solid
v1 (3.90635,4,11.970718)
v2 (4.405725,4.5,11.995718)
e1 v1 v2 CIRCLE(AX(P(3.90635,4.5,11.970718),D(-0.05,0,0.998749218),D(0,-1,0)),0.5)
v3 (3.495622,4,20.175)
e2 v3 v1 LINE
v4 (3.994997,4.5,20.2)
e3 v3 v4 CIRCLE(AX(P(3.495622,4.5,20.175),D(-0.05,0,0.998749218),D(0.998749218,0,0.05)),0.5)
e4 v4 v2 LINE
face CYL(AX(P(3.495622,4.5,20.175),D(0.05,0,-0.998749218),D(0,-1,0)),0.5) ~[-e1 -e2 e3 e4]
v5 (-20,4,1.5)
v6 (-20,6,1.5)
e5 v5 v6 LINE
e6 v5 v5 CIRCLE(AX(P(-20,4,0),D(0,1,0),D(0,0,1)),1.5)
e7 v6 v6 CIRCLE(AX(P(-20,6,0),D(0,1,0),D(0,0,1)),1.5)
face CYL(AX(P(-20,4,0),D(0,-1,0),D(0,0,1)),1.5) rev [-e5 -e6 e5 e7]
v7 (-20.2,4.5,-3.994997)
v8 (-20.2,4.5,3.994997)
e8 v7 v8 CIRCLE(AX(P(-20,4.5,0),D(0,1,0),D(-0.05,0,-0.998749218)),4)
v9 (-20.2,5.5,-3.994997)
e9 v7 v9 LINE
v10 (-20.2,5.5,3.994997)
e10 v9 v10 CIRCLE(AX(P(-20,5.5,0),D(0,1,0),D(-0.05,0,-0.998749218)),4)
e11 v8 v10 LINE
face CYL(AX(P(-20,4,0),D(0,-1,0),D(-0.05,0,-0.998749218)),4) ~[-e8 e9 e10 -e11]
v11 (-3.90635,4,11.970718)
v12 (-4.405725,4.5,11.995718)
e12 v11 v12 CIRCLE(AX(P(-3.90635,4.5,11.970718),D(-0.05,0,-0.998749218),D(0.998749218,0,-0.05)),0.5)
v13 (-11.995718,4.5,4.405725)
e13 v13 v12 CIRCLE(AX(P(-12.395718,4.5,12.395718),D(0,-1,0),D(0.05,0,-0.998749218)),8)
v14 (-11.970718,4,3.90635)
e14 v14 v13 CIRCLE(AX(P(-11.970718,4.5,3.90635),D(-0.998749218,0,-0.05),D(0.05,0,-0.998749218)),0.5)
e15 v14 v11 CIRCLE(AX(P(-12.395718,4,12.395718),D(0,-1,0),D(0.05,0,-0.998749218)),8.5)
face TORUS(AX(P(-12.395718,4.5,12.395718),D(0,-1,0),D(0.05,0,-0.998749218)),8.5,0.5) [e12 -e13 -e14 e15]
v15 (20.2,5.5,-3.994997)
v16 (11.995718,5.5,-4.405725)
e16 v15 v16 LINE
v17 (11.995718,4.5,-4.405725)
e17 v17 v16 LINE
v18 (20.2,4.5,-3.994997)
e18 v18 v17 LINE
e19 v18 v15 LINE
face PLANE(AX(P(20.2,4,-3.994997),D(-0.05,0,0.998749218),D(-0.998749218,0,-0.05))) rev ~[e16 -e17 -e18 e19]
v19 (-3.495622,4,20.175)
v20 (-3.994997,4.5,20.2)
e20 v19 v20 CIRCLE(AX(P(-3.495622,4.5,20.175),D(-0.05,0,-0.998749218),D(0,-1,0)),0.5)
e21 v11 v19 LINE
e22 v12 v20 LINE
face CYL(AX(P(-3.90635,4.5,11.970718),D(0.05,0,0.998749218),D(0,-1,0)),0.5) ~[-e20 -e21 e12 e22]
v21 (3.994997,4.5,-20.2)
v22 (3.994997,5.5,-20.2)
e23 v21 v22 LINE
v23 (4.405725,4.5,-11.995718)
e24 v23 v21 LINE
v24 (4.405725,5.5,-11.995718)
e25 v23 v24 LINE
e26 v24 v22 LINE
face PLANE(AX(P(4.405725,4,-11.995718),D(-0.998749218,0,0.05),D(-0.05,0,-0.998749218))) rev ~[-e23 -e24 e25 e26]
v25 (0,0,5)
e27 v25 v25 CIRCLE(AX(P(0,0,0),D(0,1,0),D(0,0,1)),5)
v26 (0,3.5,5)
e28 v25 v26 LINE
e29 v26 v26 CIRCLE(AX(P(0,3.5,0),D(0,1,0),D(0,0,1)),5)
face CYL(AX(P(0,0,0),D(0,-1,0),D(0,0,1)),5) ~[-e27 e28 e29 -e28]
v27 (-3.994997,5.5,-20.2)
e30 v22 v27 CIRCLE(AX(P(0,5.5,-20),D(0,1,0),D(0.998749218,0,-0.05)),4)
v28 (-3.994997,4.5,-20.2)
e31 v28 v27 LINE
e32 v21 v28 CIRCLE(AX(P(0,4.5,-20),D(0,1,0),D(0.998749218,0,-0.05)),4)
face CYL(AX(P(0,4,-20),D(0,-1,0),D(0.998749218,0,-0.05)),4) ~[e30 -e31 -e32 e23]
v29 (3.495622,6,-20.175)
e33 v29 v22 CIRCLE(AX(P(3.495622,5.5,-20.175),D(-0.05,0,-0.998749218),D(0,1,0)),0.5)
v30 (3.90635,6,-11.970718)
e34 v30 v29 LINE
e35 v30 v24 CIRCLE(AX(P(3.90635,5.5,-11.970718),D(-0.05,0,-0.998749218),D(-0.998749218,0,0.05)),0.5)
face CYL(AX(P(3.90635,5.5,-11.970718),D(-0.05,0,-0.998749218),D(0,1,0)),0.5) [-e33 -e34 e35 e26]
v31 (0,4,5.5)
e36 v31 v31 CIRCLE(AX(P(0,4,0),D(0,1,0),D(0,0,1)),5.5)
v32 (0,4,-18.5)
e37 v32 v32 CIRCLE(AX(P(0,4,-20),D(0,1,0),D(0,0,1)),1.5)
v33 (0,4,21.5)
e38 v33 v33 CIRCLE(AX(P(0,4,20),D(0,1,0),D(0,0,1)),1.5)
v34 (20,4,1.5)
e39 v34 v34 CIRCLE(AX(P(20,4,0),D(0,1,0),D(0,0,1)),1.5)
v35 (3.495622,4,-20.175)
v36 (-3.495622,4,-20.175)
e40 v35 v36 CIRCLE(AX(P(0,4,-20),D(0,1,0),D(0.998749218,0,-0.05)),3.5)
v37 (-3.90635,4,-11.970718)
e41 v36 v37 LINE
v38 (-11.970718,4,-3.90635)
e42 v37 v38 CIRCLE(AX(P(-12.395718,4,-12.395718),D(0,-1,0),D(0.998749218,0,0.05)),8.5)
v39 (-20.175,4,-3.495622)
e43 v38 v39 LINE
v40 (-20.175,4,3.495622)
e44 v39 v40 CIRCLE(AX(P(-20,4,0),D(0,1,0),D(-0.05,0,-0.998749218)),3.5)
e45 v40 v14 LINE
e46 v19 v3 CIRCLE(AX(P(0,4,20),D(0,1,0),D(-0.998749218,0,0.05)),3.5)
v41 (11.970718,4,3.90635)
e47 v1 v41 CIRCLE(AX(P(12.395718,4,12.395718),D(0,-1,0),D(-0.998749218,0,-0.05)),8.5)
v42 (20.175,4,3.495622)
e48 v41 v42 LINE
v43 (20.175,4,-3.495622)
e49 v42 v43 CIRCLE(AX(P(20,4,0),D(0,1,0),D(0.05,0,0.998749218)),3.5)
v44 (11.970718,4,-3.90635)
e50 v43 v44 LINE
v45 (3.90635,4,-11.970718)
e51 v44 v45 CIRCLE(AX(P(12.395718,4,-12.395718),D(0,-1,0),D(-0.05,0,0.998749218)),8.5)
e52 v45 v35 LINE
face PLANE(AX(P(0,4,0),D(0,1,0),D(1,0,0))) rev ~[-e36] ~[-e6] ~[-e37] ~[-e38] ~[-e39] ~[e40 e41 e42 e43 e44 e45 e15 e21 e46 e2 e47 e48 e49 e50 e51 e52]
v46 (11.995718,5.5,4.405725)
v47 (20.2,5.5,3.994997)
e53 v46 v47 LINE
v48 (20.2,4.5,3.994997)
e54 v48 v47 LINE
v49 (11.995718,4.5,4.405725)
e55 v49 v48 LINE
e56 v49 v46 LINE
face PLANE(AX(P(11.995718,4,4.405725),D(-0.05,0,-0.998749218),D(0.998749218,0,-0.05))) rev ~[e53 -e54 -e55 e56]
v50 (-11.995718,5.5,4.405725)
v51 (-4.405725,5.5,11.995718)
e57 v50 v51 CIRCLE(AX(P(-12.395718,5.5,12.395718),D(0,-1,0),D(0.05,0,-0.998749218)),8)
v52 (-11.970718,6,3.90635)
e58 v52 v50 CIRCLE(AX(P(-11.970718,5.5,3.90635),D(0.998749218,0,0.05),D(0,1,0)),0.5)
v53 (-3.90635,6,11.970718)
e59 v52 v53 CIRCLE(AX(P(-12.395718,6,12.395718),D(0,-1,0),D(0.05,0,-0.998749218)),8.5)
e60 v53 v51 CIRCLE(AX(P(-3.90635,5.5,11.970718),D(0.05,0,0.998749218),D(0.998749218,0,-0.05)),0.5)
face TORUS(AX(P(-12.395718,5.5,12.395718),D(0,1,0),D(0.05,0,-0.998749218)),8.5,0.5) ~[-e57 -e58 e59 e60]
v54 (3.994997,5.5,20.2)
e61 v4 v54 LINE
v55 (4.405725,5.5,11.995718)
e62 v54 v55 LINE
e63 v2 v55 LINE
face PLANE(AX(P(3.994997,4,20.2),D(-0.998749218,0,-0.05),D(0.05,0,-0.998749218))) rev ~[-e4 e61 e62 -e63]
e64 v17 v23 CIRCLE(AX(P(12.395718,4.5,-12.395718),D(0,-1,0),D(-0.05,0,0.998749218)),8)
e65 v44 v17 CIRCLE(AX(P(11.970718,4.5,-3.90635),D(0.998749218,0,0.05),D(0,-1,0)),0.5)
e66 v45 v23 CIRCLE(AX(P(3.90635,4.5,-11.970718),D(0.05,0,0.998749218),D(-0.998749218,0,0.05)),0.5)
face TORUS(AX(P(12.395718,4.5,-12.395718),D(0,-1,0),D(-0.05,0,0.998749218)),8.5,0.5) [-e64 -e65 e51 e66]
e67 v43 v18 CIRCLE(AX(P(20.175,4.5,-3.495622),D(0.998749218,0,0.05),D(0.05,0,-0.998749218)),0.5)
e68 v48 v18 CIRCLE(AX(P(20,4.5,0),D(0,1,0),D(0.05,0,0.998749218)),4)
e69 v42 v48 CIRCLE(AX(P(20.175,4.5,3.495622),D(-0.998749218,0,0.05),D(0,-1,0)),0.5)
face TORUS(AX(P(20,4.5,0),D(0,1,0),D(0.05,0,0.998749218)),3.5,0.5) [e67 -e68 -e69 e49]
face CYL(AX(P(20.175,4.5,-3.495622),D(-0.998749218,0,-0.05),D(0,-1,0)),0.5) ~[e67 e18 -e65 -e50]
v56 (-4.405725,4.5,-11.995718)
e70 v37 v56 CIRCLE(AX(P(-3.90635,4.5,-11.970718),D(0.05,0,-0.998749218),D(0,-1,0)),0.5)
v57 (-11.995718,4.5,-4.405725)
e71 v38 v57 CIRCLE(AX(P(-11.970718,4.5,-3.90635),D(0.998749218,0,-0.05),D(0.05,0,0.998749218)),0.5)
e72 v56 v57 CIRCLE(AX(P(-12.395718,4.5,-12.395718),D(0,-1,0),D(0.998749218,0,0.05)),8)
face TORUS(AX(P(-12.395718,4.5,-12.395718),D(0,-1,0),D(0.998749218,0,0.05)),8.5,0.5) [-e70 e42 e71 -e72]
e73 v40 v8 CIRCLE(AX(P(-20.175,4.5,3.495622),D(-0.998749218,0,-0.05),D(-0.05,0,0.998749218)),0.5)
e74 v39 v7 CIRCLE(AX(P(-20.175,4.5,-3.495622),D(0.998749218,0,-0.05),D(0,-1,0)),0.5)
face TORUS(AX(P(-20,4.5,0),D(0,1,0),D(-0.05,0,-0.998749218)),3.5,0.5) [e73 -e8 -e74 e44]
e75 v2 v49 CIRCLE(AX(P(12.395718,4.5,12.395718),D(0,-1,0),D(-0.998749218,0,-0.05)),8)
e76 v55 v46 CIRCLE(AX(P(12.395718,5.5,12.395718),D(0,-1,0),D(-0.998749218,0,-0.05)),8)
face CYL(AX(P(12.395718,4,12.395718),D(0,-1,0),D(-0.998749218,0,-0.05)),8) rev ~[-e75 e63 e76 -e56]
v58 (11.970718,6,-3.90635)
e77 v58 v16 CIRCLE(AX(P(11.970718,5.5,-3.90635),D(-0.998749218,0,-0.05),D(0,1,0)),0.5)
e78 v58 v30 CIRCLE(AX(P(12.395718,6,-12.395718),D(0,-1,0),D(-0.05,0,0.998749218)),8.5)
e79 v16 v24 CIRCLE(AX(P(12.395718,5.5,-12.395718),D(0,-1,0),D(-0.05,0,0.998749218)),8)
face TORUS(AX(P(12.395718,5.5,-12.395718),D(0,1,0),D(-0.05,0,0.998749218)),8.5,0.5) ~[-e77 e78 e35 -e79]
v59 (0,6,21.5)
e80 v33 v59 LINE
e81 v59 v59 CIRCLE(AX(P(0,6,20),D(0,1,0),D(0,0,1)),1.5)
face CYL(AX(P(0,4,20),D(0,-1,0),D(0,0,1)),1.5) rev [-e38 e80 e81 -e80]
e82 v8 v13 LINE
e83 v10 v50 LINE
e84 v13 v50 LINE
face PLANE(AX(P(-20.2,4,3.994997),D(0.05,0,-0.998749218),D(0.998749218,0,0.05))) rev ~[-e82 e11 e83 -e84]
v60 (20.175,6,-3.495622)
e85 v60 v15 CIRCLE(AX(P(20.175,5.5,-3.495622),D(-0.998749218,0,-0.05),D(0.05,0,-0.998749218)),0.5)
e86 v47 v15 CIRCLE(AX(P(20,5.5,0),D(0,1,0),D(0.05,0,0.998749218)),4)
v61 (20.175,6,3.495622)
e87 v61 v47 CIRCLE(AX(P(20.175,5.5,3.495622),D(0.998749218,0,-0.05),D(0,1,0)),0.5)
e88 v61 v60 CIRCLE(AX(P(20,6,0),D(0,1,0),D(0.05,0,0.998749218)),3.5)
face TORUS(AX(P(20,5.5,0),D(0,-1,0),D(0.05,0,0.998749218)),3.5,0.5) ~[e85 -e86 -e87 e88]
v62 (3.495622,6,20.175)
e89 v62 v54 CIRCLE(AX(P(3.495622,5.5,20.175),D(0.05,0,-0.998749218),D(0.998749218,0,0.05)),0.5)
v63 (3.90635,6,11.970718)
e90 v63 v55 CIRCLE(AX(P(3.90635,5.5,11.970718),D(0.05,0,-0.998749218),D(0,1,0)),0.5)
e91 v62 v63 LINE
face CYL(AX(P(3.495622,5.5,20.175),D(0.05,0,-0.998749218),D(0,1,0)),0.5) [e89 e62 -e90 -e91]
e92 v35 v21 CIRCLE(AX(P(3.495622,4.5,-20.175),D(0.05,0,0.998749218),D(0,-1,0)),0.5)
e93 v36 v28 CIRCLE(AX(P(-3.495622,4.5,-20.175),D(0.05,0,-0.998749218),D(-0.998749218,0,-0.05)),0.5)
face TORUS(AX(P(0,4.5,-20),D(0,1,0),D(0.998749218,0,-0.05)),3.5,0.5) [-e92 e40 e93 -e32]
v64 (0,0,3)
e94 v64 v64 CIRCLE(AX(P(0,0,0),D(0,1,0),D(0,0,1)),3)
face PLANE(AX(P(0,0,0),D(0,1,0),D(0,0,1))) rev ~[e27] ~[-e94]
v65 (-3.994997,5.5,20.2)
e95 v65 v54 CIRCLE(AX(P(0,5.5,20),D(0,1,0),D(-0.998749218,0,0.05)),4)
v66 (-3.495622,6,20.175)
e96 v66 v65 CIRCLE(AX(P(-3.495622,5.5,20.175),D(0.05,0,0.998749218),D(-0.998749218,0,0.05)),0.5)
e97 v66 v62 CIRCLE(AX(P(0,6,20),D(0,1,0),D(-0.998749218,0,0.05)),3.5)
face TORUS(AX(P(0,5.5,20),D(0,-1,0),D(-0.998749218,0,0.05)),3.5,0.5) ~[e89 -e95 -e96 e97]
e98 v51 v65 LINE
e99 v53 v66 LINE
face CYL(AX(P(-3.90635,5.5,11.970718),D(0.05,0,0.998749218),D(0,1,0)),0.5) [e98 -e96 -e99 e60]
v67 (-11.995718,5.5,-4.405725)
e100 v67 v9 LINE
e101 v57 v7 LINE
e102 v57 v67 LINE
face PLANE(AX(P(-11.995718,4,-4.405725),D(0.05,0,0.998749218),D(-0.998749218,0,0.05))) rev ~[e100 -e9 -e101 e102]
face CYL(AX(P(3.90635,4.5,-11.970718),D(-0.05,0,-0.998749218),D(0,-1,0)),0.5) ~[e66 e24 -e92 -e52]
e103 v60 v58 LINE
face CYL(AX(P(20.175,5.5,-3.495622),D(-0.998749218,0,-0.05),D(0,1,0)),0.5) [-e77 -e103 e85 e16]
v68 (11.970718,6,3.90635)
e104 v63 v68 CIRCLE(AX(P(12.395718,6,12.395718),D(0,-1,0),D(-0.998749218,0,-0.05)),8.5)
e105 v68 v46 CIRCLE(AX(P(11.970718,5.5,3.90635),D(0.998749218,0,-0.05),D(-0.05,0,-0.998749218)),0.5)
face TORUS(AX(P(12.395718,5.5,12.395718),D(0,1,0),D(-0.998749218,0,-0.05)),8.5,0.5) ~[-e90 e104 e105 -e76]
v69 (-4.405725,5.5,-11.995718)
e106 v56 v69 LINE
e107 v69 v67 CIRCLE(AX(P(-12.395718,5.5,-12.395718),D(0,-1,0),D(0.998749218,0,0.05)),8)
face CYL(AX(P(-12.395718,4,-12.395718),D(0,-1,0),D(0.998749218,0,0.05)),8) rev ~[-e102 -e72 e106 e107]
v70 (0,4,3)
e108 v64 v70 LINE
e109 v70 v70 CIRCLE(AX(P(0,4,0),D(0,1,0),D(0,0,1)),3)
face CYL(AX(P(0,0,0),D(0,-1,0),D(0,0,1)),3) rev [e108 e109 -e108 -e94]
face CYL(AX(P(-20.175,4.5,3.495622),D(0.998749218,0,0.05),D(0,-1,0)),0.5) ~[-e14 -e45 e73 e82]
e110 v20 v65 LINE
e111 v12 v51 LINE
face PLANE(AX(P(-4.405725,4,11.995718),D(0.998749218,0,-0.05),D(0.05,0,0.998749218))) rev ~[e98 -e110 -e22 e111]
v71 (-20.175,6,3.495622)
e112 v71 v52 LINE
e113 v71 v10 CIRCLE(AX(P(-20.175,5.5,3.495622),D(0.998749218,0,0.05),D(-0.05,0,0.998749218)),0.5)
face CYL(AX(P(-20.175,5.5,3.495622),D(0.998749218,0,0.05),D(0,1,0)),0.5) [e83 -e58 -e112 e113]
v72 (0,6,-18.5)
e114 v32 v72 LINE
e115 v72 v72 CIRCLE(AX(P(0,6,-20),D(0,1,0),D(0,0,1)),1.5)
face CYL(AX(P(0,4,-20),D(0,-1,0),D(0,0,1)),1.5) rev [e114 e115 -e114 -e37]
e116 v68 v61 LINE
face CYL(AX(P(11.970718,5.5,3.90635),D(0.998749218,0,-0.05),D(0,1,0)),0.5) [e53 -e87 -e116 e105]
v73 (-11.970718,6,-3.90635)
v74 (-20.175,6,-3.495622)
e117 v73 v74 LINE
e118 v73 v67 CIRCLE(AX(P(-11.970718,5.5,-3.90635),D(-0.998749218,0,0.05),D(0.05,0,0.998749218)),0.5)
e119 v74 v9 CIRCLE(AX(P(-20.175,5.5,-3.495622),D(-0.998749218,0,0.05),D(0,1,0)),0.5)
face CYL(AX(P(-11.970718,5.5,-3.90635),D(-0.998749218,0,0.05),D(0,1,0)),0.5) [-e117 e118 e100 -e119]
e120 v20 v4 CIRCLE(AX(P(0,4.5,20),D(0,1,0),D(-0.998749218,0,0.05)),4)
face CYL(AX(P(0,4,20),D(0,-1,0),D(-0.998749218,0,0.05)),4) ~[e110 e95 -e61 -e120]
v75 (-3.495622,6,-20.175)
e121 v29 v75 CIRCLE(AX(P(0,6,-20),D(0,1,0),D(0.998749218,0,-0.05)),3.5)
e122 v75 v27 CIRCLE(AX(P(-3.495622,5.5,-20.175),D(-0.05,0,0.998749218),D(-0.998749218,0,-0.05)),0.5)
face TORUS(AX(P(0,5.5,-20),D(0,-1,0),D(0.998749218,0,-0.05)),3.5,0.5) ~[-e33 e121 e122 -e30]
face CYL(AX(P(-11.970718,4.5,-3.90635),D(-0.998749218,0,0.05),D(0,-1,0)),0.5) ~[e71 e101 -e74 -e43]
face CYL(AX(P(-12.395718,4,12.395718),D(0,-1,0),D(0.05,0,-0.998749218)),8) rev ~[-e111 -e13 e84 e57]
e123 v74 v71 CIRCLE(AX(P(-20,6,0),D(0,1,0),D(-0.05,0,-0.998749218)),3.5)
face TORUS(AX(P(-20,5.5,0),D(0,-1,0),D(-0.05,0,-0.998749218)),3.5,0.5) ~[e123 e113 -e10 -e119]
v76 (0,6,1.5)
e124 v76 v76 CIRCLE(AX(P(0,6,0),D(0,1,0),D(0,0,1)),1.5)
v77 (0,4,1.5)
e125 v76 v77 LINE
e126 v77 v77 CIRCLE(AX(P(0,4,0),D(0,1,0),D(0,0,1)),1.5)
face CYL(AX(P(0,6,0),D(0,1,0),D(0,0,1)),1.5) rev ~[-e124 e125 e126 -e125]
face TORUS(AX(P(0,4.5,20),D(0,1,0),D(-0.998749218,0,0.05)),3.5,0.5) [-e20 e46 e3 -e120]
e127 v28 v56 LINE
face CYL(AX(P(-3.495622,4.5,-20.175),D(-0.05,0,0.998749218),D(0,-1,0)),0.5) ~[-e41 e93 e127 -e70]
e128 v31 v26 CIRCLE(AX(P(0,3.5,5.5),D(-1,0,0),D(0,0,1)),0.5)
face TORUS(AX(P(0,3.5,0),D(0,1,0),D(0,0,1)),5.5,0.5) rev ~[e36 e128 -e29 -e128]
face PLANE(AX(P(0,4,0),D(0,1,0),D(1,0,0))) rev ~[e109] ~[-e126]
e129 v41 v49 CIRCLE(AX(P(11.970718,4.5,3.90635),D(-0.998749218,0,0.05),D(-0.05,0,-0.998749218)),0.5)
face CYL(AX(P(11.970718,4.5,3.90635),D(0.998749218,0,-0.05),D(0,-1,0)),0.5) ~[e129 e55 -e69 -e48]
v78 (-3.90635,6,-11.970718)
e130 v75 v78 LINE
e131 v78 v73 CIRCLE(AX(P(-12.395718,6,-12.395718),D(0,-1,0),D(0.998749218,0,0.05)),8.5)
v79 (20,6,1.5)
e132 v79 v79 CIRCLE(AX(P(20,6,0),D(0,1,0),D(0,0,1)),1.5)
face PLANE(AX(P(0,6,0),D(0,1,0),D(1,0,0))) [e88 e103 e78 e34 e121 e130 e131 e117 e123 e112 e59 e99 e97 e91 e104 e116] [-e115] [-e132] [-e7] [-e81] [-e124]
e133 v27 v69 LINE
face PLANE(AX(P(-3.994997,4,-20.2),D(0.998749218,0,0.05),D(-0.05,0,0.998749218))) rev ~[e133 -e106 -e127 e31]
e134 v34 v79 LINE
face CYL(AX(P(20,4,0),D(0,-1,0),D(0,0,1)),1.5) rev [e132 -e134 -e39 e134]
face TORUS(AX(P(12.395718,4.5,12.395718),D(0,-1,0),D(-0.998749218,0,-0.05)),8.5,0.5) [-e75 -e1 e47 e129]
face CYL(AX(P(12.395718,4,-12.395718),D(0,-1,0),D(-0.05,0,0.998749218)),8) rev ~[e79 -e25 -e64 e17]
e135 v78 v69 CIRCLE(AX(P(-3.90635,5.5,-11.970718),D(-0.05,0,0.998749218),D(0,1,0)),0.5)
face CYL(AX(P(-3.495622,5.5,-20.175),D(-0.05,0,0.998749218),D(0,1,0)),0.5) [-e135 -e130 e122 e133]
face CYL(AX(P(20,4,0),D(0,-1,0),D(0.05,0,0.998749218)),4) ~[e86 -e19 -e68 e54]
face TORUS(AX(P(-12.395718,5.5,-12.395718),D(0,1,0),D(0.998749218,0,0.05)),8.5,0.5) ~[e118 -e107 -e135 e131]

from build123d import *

# Parameters (mm, degrees)
SKETCH1_R           = 5
SKETCH1_R_2         = 3
BOSS_EXTRUDE1_DEPTH = 4
SKETCH5_R           = 1.5
BOSS_EXTRUDE3_DEPTH = 2
SKETCH6_R           = 1.5
CUT_EXTRUDE1_DEPTH  = 35.467375879
FILLET1_R           = 0.5
FILLET2_R           = 0.5


with BuildPart() as part:
    # Sketch1 → Boss-Extrude1 (new body)
    with BuildSketch(Plane(origin=(0, 0, 0), x_dir=(1, 0, 0), z_dir=(0, 1, 0))):
        with Locations(Location((0, 0, 0), (0, 0, 270))):
            Circle(SKETCH1_R)
        with Locations(Location((0, 0, 0), (0, 0, 270))):
            Circle(SKETCH1_R_2, mode=Mode.SUBTRACT)
    extrude(amount=BOSS_EXTRUDE1_DEPTH)

    # Sketch5 → Boss-Extrude3 (add)
    with BuildSketch(Plane(origin=(0, 4, 0), x_dir=(1, 0, 0), z_dir=(0, 1, 0))):
        with BuildLine():
            Line((-3.994996871, 20.2), (-4.405724681, 11.995718423))
            ThreePointArc((-4.405724681, 11.995718423), (-6.738864174, 6.738864174), (-11.995718423, 4.405724681))
            Line((-11.995718423, 4.405724681), (-20.2, 3.994996871))
            ThreePointArc((-20.2, 3.994996871), (-24, 0), (-20.2, -3.994996871))
            Line((-20.2, -3.994996871), (-11.995718423, -4.405724681))
            ThreePointArc((-11.995718423, -4.405724681), (-6.738864174, -6.738864174), (-4.405724681, -11.995718423))
            Line((-4.405724681, -11.995718423), (-3.994996871, -20.2))
            ThreePointArc((-3.994996871, -20.2), (0, -24), (3.994996871, -20.2))
            Line((3.994996871, -20.2), (4.405724681, -11.995718423))
            ThreePointArc((4.405724681, -11.995718423), (6.738864174, -6.738864174), (11.995718423, -4.405724681))
            Line((11.995718423, -4.405724681), (20.2, -3.994996871))
            ThreePointArc((20.2, -3.994996871), (24, 0), (20.2, 3.994996871))
            Line((20.2, 3.994996871), (11.995718423, 4.405724681))
            ThreePointArc((11.995718423, 4.405724681), (6.738864174, 6.738864174), (4.405724681, 11.995718423))
            Line((4.405724681, 11.995718423), (3.994996871, 20.2))
            ThreePointArc((3.994996871, 20.2), (0, 24), (-3.994996871, 20.2))
        make_face()
        with Locations(Location((0, 20, 0), (0, 0, 270))):
            Circle(SKETCH5_R, mode=Mode.SUBTRACT)
        with Locations(Location((20, 0, 0), (0, 0, 270))):
            Circle(SKETCH5_R, mode=Mode.SUBTRACT)
        with Locations(Location((0, -20, 0), (0, 0, 270))):
            Circle(SKETCH5_R, mode=Mode.SUBTRACT)
        with Locations(Location((-20, 0, 0), (0, 0, 270))):
            Circle(SKETCH5_R, mode=Mode.SUBTRACT)
    extrude(amount=BOSS_EXTRUDE3_DEPTH)

    # Sketch6 → Cut-Extrude1 (cut, through all)
    with BuildSketch(Plane(origin=(0, 6, 0), x_dir=(1, 0, 0), z_dir=(0, 1, 0))):
        with Locations(Location((0, 0, 0), (0, 0, 270))):
            Circle(SKETCH6_R)
    extrude(amount=-CUT_EXTRUDE1_DEPTH, mode=Mode.SUBTRACT)

    # Fillet1
    fillet1_edges = [part.edges().sort_by_distance(p)[0] for p in [
        (0, 6, 24),
        (4.200360776, 6, 16.097859212),
        (6.738864174, 6, 6.738864174),
        (16.097859212, 6, 4.200360776),
        (24, 6, 0),
        (16.097859212, 6, -4.200360776),
        (6.738864174, 6, -6.738864174),
        (4.200360776, 6, -16.097859212),
        (0, 6, -24),
        (-4.200360776, 6, -16.097859212),
        (-6.738864174, 6, -6.738864174),
        (-16.097859212, 6, -4.200360776),
        (-24, 6, 0),
        (-16.097859212, 6, 4.200360776),
        (-6.738864174, 4, 6.738864174),
        (-4.200360776, 4, 16.097859212),
        (0, 4, 24),
        (4.200360776, 4, 16.097859212),
        (6.738864174, 4, 6.738864174),
        (16.097859212, 4, 4.200360776),
        (24, 4, 0),
        (16.097859212, 4, -4.200360776),
        (6.738864174, 4, -6.738864174),
        (4.200360776, 4, -16.097859212),
        (0, 4, -24),
        (-4.200360776, 4, -16.097859212),
        (-6.738864174, 4, -6.738864174),
        (-16.097859212, 4, -4.200360776),
        (-24, 4, 0),
        (-16.097859212, 4, 4.200360776),
        (-6.738864174, 6, 6.738864174),
        (-4.200360776, 6, 16.097859212),
    ]]
    fillet(fillet1_edges, radius=FILLET1_R)

    # Fillet2
    fillet2_edges = [part.edges().sort_by_distance(p)[0] for p in [
        (0, 4, -5),
    ]]
    fillet(fillet2_edges, radius=FILLET2_R)


solid = part.part
